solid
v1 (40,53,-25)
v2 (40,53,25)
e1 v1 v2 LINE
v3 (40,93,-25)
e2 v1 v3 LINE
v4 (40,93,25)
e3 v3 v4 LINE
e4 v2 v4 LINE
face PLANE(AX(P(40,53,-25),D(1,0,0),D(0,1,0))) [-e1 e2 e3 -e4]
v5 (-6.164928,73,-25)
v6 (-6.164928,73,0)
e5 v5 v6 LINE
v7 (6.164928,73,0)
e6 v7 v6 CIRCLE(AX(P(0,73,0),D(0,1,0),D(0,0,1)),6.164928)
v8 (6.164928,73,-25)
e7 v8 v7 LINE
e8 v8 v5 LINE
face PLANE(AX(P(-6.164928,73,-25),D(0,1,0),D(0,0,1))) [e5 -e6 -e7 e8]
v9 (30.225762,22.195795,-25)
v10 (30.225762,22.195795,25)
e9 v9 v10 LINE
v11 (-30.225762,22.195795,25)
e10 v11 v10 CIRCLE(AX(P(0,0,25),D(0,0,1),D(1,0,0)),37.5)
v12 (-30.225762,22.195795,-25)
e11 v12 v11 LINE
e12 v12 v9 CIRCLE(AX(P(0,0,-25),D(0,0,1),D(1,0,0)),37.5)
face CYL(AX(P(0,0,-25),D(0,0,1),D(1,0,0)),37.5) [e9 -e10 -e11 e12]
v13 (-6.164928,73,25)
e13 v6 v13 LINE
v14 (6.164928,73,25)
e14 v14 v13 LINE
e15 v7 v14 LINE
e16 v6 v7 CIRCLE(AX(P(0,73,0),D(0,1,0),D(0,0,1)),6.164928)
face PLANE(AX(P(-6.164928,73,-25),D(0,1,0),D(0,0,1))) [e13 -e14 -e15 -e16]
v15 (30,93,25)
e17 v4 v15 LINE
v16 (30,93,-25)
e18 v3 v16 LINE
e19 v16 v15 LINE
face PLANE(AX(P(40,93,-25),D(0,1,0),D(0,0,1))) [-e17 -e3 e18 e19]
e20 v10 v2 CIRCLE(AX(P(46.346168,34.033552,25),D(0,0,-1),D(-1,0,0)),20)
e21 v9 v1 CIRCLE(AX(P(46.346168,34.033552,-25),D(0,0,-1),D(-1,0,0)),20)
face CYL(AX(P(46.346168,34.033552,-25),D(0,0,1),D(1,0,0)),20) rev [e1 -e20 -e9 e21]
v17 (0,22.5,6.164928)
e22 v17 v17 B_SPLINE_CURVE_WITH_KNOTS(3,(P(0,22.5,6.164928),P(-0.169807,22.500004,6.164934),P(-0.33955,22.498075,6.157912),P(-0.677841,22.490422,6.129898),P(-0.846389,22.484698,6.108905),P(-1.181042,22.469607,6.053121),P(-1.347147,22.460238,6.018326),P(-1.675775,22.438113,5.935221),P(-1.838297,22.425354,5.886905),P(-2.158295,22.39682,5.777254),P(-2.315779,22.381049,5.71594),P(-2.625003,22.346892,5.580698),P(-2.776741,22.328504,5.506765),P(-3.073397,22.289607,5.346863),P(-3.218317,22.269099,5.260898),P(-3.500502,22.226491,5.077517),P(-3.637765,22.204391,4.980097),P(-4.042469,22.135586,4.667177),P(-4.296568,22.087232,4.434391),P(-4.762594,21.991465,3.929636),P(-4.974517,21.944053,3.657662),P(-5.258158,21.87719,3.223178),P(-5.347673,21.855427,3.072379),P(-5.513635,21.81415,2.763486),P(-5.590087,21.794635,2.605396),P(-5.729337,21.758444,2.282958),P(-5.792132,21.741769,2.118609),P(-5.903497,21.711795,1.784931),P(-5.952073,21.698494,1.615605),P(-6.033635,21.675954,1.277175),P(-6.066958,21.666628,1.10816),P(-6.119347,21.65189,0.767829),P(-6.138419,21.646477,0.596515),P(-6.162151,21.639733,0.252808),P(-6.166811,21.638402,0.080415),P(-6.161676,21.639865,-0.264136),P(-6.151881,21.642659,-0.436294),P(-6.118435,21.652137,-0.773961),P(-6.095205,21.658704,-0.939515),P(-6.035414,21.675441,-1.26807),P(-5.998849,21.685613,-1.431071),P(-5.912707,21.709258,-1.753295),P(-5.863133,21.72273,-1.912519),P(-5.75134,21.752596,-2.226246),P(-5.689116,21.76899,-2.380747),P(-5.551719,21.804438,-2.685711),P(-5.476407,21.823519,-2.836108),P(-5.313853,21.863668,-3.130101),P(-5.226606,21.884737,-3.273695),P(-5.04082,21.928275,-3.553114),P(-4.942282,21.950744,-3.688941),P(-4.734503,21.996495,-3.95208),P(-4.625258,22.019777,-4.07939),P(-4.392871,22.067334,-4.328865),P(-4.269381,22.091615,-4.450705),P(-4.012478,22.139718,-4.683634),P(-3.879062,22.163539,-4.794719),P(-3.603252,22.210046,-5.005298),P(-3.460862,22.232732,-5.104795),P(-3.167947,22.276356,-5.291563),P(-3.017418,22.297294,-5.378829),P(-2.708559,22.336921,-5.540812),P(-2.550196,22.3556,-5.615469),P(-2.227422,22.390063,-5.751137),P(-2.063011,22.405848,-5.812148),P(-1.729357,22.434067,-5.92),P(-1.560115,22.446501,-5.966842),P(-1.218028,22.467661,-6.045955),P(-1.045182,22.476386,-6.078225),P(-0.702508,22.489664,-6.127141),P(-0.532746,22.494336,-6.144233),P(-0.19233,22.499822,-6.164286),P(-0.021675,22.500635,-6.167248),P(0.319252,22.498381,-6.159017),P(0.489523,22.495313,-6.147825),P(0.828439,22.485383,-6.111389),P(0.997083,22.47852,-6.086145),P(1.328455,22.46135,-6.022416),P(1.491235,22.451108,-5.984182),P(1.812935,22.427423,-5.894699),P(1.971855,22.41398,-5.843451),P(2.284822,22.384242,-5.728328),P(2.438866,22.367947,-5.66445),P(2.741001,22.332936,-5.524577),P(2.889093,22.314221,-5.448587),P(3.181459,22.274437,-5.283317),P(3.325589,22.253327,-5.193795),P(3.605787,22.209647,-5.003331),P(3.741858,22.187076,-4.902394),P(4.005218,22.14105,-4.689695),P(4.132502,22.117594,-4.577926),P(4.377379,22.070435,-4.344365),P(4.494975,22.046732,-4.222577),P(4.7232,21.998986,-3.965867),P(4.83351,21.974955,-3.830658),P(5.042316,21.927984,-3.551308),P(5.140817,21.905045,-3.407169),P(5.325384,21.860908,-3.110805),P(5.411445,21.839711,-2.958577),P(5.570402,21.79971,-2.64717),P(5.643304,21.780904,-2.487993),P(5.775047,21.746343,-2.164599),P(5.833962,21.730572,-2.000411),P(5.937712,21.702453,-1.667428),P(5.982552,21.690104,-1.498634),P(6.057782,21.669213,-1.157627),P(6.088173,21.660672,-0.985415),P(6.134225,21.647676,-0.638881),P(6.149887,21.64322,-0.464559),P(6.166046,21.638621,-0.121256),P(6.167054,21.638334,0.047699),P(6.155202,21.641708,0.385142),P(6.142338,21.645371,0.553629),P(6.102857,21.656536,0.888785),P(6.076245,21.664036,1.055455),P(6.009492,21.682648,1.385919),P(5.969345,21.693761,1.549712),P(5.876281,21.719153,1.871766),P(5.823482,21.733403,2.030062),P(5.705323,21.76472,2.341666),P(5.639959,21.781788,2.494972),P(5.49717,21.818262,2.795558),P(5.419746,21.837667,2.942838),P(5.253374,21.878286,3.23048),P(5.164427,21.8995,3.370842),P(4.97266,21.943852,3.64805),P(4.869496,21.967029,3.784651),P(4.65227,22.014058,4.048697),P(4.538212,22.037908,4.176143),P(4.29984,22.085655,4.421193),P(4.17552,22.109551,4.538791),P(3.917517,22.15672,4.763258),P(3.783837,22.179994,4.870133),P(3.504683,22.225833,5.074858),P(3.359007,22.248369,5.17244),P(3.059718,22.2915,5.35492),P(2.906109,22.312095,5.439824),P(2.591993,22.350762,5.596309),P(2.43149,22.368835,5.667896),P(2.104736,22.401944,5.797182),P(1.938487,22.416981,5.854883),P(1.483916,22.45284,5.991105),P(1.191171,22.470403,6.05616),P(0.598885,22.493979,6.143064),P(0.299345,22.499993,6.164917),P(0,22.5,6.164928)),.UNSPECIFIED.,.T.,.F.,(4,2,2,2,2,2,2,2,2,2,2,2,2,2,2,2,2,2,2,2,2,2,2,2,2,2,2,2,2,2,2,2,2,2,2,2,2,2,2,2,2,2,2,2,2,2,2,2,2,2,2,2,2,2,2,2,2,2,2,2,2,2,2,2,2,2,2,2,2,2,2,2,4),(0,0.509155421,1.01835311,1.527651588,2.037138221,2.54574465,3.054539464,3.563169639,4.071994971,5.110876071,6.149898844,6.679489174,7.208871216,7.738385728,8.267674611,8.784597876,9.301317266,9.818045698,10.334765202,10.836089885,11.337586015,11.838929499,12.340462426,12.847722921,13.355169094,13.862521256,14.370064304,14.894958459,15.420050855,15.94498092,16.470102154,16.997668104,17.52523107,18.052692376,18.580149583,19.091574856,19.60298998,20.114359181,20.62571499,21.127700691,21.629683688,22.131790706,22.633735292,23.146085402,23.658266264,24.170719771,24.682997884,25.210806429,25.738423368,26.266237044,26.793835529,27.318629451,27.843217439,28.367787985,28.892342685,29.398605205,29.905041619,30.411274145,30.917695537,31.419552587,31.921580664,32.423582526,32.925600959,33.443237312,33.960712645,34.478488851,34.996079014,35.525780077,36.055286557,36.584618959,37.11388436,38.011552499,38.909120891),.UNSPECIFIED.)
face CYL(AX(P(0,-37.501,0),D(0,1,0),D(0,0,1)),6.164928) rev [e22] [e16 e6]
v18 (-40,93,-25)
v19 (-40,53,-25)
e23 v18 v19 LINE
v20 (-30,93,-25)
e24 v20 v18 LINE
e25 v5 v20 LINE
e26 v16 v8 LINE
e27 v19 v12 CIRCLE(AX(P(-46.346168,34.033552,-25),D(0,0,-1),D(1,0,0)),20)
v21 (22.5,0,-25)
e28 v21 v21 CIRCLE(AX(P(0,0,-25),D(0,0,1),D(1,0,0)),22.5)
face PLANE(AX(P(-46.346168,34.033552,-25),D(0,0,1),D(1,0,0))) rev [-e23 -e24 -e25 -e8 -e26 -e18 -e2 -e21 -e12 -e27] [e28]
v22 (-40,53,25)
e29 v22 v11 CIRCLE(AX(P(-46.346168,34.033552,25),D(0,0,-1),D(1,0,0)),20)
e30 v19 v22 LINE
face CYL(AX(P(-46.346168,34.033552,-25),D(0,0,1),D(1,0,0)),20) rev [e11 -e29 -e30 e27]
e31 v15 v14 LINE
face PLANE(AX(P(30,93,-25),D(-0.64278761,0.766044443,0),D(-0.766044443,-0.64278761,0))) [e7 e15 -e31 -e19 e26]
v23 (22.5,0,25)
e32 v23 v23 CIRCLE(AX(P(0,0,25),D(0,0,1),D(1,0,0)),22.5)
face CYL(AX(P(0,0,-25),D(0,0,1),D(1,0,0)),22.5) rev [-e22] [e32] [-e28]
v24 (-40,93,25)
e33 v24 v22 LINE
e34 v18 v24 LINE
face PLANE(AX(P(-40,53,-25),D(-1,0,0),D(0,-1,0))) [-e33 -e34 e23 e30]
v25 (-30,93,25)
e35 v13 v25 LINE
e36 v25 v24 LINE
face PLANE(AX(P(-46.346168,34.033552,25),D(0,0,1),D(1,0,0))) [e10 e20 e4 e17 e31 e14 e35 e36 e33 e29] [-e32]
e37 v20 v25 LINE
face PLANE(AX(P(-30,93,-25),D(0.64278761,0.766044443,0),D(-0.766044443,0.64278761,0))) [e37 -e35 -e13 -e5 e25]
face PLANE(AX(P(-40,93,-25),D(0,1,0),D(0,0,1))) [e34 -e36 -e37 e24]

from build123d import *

# Parameters (mm, degrees)
SALIENTE_EXTRUIR1_DEPTH      = 25
SALIENTE_EXTRUIR1_DEPTH_BACK = 25
CROQUIS2_R                   = 22.5
CORTAR_EXTRUIR1_REACH        = 122.147
CORTAR_EXTRUIR1_END_RADIUS   = 22.5
CROQUIS3_R                   = 6.164928148


with BuildPart() as part:
    # Croquis2 → Saliente-Extruir1 (new, two sides: drawn at the far end of the back side and taken through both)
    with BuildSketch(Plane.XY.offset(-SALIENTE_EXTRUIR1_DEPTH_BACK)):
        with BuildLine():
            Line((-40, 53), (-40, 93))
            Line((-40, 93), (-30, 93))
            Line((-30, 93), (-6.164928148, 73))
            Line((-6.164928148, 73), (6.164928148, 73))
            Line((6.164928148, 73), (30, 93))
            Line((30, 93), (40, 93))
            Line((40, 93), (40, 53))
            ThreePointArc((40, 53), (27.282813289, 40.082394099), (30.225762041, 22.19579485))
            ThreePointArc((30.225762041, 22.19579485), (0, -37.5), (-30.225762041, 22.19579485))
            ThreePointArc((-30.225762041, 22.19579485), (-27.282813289, 40.082394099), (-40, 53))
        make_face()
        Circle(CROQUIS2_R, mode=Mode.SUBTRACT)
    extrude(amount=SALIENTE_EXTRUIR1_DEPTH + SALIENTE_EXTRUIR1_DEPTH_BACK)

    # Cortar-Extruir1: up to this cylinder (the profile starts outside it)
    cortar_extruir1_end = Plane(origin=(0, 0, 0), z_dir=(0, 0, 1)) * Cylinder(CORTAR_EXTRUIR1_END_RADIUS, 290.294, mode=Mode.PRIVATE)
    # Croquis3 → Cortar-Extruir1 (cut, up to the surface)
    with BuildSketch(Plane(origin=(0, 73, 0), x_dir=(1, 0, 0), z_dir=(0, 1, 0)), mode=Mode.PRIVATE) as cortar_extruir1_sk1:
        with Locations(Location((0, 0, 0), (0, 0, 270))):
            Circle(CROQUIS3_R)
    cortar_extruir1_tool1 = extrude(cortar_extruir1_sk1.sketch, amount=-CORTAR_EXTRUIR1_REACH, mode=Mode.PRIVATE) - cortar_extruir1_end
    add(cortar_extruir1_tool1.solids().sort_by_distance((0, 73, 0))[0], mode=Mode.SUBTRACT)


solid = part.part
